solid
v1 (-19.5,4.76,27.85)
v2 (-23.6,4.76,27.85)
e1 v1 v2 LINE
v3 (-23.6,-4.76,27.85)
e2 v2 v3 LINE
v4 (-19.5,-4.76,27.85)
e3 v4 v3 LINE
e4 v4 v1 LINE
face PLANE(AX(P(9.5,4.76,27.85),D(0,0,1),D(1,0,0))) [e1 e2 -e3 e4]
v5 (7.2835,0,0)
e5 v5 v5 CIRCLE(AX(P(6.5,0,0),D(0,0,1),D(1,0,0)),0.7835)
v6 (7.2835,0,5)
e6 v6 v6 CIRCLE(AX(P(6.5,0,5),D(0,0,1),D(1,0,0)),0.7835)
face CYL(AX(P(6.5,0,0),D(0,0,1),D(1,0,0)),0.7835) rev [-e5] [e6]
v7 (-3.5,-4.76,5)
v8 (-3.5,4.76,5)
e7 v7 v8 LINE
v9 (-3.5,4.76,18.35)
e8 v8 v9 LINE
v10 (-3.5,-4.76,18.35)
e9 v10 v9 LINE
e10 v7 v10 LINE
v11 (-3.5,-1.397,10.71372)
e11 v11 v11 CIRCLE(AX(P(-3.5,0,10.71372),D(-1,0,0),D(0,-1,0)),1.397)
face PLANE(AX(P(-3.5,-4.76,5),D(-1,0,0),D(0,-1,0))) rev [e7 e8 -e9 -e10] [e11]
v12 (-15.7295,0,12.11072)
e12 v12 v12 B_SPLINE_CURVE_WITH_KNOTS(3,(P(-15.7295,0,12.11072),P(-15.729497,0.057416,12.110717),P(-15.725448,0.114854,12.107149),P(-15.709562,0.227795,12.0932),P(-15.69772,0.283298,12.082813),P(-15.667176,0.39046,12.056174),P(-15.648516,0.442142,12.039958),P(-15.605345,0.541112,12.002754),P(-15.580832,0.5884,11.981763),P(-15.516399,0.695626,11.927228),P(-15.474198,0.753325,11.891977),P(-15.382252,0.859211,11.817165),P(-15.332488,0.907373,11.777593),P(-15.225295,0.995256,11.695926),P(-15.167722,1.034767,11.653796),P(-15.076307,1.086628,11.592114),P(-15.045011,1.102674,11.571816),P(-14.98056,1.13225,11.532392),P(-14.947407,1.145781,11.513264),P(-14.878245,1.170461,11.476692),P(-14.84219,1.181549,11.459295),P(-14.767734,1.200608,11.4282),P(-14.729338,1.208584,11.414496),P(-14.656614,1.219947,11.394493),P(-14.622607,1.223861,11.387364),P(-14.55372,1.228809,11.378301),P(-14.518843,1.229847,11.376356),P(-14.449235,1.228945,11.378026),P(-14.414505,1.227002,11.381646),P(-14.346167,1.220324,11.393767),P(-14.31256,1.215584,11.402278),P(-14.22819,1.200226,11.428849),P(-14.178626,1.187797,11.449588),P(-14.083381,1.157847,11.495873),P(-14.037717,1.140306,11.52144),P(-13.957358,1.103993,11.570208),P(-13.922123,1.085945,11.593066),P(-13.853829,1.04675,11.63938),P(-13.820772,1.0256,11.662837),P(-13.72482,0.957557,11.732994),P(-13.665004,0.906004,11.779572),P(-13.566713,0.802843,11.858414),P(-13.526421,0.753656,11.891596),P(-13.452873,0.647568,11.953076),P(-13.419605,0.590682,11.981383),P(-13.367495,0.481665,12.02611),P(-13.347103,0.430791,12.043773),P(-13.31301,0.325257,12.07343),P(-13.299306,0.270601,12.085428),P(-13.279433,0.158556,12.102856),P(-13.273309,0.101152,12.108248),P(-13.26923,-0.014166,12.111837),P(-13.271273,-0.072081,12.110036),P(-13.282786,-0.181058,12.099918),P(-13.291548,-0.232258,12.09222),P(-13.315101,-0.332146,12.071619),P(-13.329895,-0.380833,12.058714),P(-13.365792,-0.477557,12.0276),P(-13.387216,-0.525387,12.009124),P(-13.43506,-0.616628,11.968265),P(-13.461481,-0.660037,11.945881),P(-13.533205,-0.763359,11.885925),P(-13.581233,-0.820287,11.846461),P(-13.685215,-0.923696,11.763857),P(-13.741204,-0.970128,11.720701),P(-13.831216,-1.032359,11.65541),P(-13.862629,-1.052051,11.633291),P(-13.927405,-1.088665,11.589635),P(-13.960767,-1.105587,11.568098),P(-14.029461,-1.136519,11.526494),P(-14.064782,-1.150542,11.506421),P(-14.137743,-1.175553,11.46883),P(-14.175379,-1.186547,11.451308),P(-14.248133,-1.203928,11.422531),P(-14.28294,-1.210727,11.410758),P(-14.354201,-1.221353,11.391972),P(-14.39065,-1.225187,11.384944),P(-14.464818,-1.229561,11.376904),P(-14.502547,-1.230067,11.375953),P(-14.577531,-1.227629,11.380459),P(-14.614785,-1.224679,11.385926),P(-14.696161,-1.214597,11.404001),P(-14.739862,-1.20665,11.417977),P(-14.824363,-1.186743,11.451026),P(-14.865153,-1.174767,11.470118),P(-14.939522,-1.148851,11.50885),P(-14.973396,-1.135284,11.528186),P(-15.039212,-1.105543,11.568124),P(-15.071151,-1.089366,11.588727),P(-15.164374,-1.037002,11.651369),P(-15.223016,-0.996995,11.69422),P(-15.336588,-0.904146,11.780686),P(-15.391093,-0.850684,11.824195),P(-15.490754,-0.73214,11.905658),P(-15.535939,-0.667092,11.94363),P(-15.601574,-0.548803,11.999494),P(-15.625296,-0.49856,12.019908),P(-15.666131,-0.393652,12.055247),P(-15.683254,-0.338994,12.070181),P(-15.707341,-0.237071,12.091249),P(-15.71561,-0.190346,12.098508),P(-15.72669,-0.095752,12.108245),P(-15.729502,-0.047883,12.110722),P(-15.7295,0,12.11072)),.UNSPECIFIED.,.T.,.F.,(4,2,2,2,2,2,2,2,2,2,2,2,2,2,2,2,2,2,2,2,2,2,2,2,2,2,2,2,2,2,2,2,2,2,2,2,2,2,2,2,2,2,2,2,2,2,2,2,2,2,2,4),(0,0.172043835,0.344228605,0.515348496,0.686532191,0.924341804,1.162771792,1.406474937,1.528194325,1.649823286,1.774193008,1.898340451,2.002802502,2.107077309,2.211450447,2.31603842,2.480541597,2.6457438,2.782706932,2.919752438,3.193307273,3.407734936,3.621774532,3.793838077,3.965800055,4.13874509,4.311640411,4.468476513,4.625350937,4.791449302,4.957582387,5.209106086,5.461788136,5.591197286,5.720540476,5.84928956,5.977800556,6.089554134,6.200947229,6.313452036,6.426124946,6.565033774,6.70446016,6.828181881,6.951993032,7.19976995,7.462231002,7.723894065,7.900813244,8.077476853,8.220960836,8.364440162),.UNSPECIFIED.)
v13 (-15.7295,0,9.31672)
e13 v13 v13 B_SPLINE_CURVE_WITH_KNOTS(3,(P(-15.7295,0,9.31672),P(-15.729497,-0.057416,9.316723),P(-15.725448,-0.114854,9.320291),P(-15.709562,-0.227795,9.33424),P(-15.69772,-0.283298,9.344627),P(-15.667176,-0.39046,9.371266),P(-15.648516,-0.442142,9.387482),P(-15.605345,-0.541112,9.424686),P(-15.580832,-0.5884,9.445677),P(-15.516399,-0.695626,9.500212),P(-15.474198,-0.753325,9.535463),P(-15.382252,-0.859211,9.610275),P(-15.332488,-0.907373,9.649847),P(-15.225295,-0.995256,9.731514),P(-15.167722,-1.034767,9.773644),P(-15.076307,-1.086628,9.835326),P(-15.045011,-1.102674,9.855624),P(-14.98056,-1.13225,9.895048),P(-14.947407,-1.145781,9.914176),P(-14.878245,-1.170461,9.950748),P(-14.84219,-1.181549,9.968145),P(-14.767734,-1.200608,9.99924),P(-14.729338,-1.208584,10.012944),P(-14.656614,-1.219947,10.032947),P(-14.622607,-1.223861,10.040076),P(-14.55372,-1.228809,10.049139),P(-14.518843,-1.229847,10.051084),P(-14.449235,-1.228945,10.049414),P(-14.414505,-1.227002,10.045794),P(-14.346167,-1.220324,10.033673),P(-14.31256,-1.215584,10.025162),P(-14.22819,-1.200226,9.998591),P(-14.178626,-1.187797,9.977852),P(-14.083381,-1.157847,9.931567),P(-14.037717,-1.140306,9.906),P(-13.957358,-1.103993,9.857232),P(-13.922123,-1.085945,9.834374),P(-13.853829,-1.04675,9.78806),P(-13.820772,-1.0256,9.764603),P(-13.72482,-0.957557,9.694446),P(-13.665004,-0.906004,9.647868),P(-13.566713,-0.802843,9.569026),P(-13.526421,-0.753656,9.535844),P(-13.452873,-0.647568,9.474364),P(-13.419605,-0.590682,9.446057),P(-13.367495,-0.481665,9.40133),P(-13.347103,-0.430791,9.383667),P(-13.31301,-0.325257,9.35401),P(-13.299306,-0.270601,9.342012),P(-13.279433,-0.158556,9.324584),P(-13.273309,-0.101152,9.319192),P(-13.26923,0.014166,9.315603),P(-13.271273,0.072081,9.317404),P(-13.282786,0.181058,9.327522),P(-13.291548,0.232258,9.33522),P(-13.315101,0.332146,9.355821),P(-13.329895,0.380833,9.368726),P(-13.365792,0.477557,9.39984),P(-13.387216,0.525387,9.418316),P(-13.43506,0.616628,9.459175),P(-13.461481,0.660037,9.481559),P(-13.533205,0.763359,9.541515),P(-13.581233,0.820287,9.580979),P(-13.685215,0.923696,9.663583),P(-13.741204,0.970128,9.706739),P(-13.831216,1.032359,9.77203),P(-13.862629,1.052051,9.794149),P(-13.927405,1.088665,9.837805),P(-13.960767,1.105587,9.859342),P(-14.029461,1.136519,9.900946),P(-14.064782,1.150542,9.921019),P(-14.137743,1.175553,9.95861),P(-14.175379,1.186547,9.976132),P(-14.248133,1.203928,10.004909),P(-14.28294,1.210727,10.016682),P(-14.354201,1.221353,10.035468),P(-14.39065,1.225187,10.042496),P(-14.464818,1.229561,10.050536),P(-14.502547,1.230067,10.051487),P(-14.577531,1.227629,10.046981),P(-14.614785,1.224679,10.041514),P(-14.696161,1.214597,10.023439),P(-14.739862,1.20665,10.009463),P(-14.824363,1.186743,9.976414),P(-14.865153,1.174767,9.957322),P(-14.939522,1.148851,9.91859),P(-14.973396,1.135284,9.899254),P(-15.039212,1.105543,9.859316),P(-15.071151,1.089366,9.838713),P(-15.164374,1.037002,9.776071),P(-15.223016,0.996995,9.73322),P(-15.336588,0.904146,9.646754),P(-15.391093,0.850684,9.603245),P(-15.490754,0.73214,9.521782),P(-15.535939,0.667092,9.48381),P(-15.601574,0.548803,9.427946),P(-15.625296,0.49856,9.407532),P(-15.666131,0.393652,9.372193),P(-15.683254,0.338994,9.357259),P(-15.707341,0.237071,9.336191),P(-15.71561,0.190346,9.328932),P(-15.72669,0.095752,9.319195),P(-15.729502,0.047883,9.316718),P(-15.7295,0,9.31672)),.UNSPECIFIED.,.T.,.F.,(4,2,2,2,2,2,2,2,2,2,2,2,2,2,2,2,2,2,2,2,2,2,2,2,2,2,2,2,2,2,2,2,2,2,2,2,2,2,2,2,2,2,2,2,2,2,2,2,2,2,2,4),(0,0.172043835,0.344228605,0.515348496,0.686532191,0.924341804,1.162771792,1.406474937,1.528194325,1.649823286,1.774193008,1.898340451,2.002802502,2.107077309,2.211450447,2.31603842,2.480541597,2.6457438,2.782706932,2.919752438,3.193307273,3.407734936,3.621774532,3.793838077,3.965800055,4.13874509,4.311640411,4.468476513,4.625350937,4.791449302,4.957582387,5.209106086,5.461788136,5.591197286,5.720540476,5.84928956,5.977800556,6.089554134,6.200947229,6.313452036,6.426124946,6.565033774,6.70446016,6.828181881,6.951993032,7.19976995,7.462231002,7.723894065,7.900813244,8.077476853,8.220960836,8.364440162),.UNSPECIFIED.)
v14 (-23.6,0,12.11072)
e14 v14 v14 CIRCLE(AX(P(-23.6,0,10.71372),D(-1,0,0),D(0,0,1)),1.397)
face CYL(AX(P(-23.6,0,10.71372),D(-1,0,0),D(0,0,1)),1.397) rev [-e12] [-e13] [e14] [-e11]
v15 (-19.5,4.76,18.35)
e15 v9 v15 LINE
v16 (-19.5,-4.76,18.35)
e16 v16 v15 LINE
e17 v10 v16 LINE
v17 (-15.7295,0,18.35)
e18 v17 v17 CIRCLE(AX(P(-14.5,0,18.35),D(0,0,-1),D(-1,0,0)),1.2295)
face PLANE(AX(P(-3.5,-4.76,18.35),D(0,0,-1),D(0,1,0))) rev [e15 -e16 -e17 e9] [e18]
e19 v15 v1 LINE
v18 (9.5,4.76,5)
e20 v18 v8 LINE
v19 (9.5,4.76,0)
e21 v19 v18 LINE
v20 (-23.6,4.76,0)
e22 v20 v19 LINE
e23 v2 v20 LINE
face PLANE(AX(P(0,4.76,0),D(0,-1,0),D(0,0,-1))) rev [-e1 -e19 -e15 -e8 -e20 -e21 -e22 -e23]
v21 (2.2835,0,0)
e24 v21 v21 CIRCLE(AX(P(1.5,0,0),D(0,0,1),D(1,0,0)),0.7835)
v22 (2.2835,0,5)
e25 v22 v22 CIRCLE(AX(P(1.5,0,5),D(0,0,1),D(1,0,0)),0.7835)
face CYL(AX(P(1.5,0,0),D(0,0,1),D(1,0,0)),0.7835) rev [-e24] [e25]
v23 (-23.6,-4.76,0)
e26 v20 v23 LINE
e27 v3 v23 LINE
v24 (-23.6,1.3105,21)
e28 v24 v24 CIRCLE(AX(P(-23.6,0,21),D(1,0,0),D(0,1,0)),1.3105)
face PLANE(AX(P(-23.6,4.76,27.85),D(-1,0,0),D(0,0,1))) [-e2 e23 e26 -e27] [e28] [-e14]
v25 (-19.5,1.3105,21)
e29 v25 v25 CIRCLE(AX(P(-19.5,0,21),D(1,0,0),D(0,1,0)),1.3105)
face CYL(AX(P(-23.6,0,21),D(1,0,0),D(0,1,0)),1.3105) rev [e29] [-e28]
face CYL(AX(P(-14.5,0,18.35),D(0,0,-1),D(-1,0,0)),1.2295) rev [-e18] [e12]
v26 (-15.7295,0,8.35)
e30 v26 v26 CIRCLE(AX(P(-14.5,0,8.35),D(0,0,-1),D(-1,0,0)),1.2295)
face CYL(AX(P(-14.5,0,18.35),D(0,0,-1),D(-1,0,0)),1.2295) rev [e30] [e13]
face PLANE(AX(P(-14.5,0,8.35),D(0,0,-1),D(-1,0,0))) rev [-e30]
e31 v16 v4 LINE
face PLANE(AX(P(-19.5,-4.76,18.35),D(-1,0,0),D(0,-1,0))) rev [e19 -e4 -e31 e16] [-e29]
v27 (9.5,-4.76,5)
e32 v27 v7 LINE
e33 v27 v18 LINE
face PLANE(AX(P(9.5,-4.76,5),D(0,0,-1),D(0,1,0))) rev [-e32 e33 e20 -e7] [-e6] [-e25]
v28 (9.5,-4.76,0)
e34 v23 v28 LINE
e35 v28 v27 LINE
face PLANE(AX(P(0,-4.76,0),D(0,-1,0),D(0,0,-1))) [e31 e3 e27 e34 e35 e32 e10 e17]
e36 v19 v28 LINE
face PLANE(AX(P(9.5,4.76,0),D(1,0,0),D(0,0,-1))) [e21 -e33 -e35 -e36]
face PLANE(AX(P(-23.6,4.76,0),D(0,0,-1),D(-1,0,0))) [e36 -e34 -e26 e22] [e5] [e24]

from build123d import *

# Parameters (mm, degrees)
SKETCH1_W                    = 33.1
SKETCH1_H                    = 27.85
BOSS_EXTRUDE1_DEPTH          = 9.52
SKETCH2_W                    = 13
SKETCH2_H                    = 22.849999999
CUT_EXTRUDE1_DEPTH           = 38.725494033
SKETCH3_W                    = 16
SKETCH3_H                    = 9.5
CUT_EXTRUDE2_DEPTH           = 38.725494033
F_97_0_0059_DIAMETER_HOLE1_D = 2.794


with BuildPart() as part:
    # Sketch1 → Boss-Extrude1 (new body)
    with BuildSketch(Plane.XZ.offset(4.76)):
        with Locations((-7.05, 13.925)):
            Rectangle(SKETCH1_W, SKETCH1_H)
    extrude(amount=-BOSS_EXTRUDE1_DEPTH)

    # Sketch2 → Cut-Extrude1 (cut, through all)
    with BuildSketch(Plane(origin=(0, 4.76, 0), x_dir=(-1, 0, 0), z_dir=(0, 1, 0))):
        with Locations((-3, 16.425)):
            Rectangle(SKETCH2_W, SKETCH2_H)
    extrude(amount=-CUT_EXTRUDE1_DEPTH, mode=Mode.SUBTRACT)

    # Sketch3 → Cut-Extrude2 (cut, through all)
    with BuildSketch(Plane(origin=(0, 4.76, 0), x_dir=(-1, 0, 0), z_dir=(0, 1, 0))):
        with Locations((11.5, 23.1)):
            Rectangle(SKETCH3_W, SKETCH3_H)
    extrude(amount=-CUT_EXTRUDE2_DEPTH, mode=Mode.SUBTRACT)

    # Sketch4 → Cut-Revolve1 (revolve, cut)
    with BuildSketch(Plane(origin=(0, 0, 0), x_dir=(1, 0, 0), z_dir=(0, 1, 0))):
        Polygon((7.2835, 0), (6.5, 0), (6.5, -5.000000001), (7.2835, -5.000000001), (7.2835, -2), align=None)
    revolve(axis=Axis((6.5, 0, 0), (0, 0, 1)), mode=Mode.SUBTRACT)

    # Sketch5 → Cut-Revolve2 (revolve, cut)
    with BuildSketch(Plane(origin=(0, 0, 0), x_dir=(1, 0, 0), z_dir=(0, 1, 0))):
        Polygon((2.2835, 0), (1.5, 0), (1.5, -5.000000001), (2.2835, -5.000000001), (2.2835, -2), align=None)
    revolve(axis=Axis((1.5, 0, 0), (0, 0, 1)), mode=Mode.SUBTRACT)

    # Sketch6 → Cut-Revolve3 (revolve, cut)
    with BuildSketch(Plane.XZ, mode=Mode.PRIVATE) as cut_revolve3_sk:
        Polygon((-13.2705, 18.35), (-14.5, 18.35), (-14.5, 8.35), (-13.2705, 8.35), (-13.2705, 16.35), align=None)
    revolve(cut_revolve3_sk.sketch.rotate(Axis((-14.5, 0, 18.35), (0, 0, -1)), 180), axis=Axis((-14.5, 0, 18.35), (0, 0, -1)), mode=Mode.SUBTRACT)

    # Sketch7 → Cut-Revolve4 (revolve, cut)
    with BuildSketch(Plane.XY.offset(21)):
        Polygon((-23.6, 1.3105), (-23.6, 0), (-19.5, 0), (-19.5, 1.3105), (-21.6, 1.3105), align=None)
    revolve(axis=Axis((-23.6, 0, 21), (1, 0, 0)), mode=Mode.SUBTRACT)

    # #97 (0.0059) Diameter Hole1 (through all)
    with Locations(Plane.ZY.offset(23.6)):
        with Locations((10.71372, 0)):
            Hole(F_97_0_0059_DIAMETER_HOLE1_D / 2)


solid = part.part
